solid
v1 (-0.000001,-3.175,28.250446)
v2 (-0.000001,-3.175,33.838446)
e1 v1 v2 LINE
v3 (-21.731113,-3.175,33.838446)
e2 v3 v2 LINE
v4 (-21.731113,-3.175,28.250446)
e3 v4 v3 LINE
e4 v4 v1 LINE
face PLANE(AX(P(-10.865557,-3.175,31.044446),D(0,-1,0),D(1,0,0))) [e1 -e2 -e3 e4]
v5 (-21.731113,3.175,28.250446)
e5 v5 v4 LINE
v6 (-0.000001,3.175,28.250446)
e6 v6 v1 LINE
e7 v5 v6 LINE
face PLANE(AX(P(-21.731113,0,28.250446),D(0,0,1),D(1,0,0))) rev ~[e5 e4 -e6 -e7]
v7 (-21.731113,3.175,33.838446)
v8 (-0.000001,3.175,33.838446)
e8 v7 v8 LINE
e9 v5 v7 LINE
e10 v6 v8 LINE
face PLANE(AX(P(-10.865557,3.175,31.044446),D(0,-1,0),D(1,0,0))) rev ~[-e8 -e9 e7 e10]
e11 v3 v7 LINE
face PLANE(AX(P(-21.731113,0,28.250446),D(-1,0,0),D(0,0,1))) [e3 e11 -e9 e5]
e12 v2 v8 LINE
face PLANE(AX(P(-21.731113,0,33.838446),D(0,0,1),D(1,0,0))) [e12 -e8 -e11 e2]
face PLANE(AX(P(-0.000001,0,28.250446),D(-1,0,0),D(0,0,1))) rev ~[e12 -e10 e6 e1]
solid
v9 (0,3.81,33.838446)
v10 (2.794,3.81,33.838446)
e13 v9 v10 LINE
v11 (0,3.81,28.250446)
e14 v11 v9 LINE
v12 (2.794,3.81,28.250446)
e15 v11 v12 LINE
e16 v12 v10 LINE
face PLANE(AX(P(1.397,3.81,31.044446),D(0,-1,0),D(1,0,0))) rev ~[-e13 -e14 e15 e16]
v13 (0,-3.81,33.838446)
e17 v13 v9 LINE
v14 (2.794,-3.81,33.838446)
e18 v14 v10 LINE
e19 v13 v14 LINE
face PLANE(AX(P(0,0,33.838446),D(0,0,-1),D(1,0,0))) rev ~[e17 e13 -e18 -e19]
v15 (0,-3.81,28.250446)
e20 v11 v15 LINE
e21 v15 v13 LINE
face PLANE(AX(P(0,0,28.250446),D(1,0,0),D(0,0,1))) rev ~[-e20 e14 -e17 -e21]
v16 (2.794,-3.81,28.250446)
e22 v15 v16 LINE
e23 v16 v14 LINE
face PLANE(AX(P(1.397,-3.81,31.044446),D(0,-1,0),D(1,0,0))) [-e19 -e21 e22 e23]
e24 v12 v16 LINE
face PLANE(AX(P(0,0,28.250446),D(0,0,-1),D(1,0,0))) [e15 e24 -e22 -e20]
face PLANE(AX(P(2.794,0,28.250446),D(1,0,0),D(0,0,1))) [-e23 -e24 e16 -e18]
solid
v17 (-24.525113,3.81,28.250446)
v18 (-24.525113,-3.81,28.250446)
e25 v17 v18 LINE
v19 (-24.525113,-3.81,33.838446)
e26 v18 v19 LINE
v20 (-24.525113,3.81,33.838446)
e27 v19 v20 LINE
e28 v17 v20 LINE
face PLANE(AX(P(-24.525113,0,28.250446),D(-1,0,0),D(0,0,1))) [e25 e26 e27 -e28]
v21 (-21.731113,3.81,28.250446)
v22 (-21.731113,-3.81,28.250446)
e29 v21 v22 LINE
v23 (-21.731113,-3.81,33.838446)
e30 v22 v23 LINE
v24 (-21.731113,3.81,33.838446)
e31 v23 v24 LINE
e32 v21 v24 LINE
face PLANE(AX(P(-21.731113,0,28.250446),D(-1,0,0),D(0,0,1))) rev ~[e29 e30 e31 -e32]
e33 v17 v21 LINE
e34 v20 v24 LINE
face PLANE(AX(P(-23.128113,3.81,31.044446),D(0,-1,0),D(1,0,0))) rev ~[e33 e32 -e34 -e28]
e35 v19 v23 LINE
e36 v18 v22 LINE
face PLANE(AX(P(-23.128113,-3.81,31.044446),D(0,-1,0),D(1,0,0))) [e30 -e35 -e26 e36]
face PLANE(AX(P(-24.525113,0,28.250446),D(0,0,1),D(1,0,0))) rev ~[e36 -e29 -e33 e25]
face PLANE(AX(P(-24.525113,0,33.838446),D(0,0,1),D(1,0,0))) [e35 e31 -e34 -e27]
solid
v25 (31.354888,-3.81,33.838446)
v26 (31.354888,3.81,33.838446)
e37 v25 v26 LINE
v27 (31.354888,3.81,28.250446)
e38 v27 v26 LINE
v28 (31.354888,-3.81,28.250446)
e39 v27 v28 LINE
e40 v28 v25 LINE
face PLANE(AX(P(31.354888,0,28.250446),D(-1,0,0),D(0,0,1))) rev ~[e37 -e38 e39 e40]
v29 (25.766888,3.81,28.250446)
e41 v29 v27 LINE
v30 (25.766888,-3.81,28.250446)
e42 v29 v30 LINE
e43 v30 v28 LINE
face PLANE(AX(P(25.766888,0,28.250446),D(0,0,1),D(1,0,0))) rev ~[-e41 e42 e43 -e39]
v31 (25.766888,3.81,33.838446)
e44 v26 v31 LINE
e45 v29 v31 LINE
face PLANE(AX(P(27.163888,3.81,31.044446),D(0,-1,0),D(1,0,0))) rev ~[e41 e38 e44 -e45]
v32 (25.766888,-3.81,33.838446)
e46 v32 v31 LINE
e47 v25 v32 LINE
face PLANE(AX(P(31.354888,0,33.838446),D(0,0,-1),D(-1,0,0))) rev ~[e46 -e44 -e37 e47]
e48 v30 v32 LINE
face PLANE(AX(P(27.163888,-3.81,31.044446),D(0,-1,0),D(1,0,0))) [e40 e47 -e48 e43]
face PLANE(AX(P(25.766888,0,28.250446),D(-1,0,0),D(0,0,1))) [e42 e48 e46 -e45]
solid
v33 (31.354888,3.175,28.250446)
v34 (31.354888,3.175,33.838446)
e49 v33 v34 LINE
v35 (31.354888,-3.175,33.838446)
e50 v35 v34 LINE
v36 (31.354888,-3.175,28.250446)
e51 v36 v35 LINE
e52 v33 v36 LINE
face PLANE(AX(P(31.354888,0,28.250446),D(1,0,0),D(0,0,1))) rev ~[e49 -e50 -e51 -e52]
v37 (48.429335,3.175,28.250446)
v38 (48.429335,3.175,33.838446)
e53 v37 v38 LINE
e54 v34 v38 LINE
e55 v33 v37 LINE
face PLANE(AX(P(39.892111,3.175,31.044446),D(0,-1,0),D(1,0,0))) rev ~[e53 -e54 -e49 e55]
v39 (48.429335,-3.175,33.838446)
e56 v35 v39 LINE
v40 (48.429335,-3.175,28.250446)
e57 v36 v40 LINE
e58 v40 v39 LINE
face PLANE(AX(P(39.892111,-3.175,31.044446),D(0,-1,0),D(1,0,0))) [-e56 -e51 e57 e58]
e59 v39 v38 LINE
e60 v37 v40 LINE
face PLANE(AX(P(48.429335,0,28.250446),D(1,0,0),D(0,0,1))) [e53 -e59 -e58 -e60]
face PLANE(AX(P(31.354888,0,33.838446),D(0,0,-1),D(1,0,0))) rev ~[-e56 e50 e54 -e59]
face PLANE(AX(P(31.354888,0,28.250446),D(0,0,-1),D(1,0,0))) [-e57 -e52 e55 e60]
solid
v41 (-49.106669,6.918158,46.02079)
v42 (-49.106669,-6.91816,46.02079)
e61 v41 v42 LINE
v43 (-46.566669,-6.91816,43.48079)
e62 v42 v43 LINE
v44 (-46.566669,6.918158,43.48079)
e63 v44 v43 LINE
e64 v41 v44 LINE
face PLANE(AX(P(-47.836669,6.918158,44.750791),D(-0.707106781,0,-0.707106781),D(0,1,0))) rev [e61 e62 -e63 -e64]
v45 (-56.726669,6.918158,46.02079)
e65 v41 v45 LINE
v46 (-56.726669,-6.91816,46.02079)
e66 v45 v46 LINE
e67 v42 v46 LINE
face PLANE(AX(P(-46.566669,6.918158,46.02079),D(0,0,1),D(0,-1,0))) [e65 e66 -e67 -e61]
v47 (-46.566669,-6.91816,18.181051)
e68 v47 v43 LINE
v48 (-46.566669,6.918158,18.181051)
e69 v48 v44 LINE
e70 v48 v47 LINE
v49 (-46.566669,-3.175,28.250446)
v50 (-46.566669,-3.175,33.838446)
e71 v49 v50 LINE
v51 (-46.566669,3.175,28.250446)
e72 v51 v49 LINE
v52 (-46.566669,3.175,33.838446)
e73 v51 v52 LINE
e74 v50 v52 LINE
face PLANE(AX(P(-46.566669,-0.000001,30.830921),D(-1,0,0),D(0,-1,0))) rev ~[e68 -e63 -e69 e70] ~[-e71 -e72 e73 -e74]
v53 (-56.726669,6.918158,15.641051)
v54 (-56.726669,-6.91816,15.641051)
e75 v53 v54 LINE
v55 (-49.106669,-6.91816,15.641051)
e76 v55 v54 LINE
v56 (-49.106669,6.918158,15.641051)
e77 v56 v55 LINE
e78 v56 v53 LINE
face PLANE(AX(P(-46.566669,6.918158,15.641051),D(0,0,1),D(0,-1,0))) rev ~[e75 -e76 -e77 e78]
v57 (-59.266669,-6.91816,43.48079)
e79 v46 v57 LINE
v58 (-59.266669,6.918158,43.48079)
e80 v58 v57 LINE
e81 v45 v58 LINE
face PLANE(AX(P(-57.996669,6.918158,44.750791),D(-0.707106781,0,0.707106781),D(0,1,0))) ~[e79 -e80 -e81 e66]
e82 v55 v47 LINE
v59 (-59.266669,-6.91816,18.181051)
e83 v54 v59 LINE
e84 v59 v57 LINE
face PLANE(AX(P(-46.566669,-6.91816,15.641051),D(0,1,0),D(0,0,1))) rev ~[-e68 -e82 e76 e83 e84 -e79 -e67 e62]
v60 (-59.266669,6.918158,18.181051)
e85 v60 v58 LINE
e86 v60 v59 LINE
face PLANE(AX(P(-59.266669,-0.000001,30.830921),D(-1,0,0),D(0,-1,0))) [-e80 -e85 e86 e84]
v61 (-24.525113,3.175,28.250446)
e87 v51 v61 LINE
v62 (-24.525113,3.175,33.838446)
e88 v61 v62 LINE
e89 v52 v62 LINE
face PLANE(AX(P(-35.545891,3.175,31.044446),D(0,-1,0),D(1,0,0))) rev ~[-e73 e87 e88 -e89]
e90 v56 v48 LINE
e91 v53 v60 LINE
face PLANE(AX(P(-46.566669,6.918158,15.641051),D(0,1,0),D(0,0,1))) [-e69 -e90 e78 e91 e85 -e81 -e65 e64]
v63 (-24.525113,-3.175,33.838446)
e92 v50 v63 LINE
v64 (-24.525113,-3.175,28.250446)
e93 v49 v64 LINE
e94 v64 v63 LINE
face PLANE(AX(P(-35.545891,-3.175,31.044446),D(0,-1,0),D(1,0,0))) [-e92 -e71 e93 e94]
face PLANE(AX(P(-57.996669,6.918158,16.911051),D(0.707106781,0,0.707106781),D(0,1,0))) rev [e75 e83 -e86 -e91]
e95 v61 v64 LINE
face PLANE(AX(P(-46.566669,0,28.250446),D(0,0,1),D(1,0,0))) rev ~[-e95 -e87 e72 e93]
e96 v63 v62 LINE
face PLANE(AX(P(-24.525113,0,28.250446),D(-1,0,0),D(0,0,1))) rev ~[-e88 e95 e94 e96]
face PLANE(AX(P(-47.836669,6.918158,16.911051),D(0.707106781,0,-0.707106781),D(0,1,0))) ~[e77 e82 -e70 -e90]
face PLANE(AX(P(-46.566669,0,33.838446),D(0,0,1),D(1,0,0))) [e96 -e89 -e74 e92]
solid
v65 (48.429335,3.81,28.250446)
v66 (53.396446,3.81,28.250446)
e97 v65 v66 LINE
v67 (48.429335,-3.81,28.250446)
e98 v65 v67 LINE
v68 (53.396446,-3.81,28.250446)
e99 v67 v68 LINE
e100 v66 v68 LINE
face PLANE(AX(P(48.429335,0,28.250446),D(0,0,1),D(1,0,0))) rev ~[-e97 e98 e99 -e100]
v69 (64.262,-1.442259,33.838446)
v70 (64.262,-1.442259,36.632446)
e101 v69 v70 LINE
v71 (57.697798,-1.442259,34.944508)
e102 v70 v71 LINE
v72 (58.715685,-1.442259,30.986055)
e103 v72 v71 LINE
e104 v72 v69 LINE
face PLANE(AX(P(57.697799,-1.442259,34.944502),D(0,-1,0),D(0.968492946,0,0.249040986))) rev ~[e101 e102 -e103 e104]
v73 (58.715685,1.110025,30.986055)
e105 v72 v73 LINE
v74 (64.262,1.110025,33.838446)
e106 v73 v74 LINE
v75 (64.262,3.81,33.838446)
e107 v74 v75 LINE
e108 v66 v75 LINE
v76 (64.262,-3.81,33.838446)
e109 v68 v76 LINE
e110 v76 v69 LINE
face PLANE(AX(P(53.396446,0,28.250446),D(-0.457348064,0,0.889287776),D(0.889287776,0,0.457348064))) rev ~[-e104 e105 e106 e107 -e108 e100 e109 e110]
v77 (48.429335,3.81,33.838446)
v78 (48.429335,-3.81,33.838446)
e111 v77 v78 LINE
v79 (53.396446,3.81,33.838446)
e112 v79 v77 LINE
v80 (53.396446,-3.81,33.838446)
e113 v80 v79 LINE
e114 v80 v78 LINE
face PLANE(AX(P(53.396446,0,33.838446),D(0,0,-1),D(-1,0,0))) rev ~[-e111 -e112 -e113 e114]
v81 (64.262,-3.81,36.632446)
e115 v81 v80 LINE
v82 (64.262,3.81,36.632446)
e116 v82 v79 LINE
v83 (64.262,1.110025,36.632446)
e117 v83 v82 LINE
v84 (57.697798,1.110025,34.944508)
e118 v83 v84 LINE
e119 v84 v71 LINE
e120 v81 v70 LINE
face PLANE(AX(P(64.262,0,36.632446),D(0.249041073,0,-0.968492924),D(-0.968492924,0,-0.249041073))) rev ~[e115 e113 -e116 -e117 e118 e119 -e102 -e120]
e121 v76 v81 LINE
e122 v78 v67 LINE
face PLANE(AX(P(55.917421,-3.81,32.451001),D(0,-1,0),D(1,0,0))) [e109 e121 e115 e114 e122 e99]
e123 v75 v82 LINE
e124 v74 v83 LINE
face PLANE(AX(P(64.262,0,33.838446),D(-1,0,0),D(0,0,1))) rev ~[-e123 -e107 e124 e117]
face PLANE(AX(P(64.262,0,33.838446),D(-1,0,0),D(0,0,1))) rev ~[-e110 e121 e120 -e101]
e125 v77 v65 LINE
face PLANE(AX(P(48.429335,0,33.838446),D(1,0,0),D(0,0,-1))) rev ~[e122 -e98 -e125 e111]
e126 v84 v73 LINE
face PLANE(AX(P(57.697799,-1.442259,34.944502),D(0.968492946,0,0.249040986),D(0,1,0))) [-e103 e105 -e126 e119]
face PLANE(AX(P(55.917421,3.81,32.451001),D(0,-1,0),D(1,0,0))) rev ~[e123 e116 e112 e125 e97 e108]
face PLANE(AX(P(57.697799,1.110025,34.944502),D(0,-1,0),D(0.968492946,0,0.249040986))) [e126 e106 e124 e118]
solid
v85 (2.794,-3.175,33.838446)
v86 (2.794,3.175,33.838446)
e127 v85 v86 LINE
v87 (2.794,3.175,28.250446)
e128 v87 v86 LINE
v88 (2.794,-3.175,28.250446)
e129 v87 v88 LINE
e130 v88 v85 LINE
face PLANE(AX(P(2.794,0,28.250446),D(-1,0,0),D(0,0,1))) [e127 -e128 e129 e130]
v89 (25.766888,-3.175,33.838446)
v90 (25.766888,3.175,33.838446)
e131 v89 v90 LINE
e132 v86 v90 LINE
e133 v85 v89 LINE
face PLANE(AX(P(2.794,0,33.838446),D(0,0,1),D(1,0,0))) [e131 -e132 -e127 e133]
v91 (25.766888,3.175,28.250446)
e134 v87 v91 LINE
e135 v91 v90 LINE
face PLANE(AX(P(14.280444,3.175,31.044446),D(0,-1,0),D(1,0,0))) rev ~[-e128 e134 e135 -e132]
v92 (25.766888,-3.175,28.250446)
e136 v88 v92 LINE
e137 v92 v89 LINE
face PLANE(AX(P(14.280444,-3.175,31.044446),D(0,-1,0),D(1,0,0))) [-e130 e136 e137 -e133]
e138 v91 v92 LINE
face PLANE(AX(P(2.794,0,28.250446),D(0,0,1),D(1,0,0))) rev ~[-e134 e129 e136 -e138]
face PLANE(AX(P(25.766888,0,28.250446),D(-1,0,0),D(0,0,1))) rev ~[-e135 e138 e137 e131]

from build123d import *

# Parameters (mm, degrees)
F0_W     = 22.041556
F0_H     = 5.588
F0_W_2   = 21.731113
F0_W_3   = 22.972888
F0_W_4   = 17.074447
F1_DEPTH = 3.175
F2_W     = 13.836319
F2_H     = 30.379739
F3_DEPTH = 12.7
F0_W_5   = 2.794
F4_DEPTH = 3.81
F5_W     = 6.777749
F5_H     = 2.552284
F6_DEPTH = 12.7
F7_SIZE  = 2.54


with BuildPart() as f1:
    # F0 (on Front) → F1 (new body, symmetric)
    with BuildSketch(Plane.XZ):
        with Locations((-35.545891, 31.044446)):
            Rectangle(F0_W, F0_H)
        with Locations((-10.865557, 31.044446)):
            Rectangle(F0_W_2, F0_H)
        with Locations((14.280444, 31.044446)):
            Rectangle(F0_W_3, F0_H)
        with Locations((39.892111, 31.044446)):
            Rectangle(F0_W_4, F0_H)
    extrude(amount=F1_DEPTH, both=True)

    # F2 (on face) → F3 (join)
    with BuildSketch(Plane(origin=(-46.566669, 0, 0), x_dir=(0, -1, 0), z_dir=(-1, 0, 0))):
        with Locations((1e-06, 30.830921)):
            Rectangle(F2_W, F2_H)
    extrude(amount=F3_DEPTH)

    # F7
    f7_edges = [f1.edges().sort_by_distance(p)[0] for p in [
        (-59.266669, 0, 46.020791),
        (-59.266669, 0, 15.641052),
        (-46.566669, 0, 15.641052),
        (-46.566669, 0, 46.020791),
    ]]
    chamfer(f7_edges, length=F7_SIZE)


with BuildPart() as f4:
    # F0 (on Front) → F4 (new body, symmetric)
    with BuildSketch(Plane.XZ):
        with Locations((27.163888, 31.044446)):
            Rectangle(F0_W_5, F0_H)
        with Locations((29.957888, 31.044446)):
            Rectangle(F0_W_5, F0_H)
        Polygon((53.396446, 33.838446), (48.429335, 33.838446), (48.429335, 28.250446), (53.396446, 28.250446), (64.262, 33.838446), (64.262, 36.632446), align=None)
        with Locations((-23.128113, 31.044446)):
            Rectangle(F0_W_5, F0_H)
        with Locations((1.397, 31.044446)):
            Rectangle(F0_W_5, F0_H)
    extrude(amount=F4_DEPTH, both=True)

    # F5 (on face) → F6 (cut, symmetric)
    with BuildSketch(Plane(origin=(-4.849922, 0, 18.860806), x_dir=(0.968493, 0, 0.249041), z_dir=(-0.249041, 0, 0.968493))):
        with Locations((67.971401, -0.166117)):
            Rectangle(F5_W, F5_H)
    extrude(amount=F6_DEPTH, both=True, mode=Mode.SUBTRACT)


solid = Compound([f1.part, f4.part])
